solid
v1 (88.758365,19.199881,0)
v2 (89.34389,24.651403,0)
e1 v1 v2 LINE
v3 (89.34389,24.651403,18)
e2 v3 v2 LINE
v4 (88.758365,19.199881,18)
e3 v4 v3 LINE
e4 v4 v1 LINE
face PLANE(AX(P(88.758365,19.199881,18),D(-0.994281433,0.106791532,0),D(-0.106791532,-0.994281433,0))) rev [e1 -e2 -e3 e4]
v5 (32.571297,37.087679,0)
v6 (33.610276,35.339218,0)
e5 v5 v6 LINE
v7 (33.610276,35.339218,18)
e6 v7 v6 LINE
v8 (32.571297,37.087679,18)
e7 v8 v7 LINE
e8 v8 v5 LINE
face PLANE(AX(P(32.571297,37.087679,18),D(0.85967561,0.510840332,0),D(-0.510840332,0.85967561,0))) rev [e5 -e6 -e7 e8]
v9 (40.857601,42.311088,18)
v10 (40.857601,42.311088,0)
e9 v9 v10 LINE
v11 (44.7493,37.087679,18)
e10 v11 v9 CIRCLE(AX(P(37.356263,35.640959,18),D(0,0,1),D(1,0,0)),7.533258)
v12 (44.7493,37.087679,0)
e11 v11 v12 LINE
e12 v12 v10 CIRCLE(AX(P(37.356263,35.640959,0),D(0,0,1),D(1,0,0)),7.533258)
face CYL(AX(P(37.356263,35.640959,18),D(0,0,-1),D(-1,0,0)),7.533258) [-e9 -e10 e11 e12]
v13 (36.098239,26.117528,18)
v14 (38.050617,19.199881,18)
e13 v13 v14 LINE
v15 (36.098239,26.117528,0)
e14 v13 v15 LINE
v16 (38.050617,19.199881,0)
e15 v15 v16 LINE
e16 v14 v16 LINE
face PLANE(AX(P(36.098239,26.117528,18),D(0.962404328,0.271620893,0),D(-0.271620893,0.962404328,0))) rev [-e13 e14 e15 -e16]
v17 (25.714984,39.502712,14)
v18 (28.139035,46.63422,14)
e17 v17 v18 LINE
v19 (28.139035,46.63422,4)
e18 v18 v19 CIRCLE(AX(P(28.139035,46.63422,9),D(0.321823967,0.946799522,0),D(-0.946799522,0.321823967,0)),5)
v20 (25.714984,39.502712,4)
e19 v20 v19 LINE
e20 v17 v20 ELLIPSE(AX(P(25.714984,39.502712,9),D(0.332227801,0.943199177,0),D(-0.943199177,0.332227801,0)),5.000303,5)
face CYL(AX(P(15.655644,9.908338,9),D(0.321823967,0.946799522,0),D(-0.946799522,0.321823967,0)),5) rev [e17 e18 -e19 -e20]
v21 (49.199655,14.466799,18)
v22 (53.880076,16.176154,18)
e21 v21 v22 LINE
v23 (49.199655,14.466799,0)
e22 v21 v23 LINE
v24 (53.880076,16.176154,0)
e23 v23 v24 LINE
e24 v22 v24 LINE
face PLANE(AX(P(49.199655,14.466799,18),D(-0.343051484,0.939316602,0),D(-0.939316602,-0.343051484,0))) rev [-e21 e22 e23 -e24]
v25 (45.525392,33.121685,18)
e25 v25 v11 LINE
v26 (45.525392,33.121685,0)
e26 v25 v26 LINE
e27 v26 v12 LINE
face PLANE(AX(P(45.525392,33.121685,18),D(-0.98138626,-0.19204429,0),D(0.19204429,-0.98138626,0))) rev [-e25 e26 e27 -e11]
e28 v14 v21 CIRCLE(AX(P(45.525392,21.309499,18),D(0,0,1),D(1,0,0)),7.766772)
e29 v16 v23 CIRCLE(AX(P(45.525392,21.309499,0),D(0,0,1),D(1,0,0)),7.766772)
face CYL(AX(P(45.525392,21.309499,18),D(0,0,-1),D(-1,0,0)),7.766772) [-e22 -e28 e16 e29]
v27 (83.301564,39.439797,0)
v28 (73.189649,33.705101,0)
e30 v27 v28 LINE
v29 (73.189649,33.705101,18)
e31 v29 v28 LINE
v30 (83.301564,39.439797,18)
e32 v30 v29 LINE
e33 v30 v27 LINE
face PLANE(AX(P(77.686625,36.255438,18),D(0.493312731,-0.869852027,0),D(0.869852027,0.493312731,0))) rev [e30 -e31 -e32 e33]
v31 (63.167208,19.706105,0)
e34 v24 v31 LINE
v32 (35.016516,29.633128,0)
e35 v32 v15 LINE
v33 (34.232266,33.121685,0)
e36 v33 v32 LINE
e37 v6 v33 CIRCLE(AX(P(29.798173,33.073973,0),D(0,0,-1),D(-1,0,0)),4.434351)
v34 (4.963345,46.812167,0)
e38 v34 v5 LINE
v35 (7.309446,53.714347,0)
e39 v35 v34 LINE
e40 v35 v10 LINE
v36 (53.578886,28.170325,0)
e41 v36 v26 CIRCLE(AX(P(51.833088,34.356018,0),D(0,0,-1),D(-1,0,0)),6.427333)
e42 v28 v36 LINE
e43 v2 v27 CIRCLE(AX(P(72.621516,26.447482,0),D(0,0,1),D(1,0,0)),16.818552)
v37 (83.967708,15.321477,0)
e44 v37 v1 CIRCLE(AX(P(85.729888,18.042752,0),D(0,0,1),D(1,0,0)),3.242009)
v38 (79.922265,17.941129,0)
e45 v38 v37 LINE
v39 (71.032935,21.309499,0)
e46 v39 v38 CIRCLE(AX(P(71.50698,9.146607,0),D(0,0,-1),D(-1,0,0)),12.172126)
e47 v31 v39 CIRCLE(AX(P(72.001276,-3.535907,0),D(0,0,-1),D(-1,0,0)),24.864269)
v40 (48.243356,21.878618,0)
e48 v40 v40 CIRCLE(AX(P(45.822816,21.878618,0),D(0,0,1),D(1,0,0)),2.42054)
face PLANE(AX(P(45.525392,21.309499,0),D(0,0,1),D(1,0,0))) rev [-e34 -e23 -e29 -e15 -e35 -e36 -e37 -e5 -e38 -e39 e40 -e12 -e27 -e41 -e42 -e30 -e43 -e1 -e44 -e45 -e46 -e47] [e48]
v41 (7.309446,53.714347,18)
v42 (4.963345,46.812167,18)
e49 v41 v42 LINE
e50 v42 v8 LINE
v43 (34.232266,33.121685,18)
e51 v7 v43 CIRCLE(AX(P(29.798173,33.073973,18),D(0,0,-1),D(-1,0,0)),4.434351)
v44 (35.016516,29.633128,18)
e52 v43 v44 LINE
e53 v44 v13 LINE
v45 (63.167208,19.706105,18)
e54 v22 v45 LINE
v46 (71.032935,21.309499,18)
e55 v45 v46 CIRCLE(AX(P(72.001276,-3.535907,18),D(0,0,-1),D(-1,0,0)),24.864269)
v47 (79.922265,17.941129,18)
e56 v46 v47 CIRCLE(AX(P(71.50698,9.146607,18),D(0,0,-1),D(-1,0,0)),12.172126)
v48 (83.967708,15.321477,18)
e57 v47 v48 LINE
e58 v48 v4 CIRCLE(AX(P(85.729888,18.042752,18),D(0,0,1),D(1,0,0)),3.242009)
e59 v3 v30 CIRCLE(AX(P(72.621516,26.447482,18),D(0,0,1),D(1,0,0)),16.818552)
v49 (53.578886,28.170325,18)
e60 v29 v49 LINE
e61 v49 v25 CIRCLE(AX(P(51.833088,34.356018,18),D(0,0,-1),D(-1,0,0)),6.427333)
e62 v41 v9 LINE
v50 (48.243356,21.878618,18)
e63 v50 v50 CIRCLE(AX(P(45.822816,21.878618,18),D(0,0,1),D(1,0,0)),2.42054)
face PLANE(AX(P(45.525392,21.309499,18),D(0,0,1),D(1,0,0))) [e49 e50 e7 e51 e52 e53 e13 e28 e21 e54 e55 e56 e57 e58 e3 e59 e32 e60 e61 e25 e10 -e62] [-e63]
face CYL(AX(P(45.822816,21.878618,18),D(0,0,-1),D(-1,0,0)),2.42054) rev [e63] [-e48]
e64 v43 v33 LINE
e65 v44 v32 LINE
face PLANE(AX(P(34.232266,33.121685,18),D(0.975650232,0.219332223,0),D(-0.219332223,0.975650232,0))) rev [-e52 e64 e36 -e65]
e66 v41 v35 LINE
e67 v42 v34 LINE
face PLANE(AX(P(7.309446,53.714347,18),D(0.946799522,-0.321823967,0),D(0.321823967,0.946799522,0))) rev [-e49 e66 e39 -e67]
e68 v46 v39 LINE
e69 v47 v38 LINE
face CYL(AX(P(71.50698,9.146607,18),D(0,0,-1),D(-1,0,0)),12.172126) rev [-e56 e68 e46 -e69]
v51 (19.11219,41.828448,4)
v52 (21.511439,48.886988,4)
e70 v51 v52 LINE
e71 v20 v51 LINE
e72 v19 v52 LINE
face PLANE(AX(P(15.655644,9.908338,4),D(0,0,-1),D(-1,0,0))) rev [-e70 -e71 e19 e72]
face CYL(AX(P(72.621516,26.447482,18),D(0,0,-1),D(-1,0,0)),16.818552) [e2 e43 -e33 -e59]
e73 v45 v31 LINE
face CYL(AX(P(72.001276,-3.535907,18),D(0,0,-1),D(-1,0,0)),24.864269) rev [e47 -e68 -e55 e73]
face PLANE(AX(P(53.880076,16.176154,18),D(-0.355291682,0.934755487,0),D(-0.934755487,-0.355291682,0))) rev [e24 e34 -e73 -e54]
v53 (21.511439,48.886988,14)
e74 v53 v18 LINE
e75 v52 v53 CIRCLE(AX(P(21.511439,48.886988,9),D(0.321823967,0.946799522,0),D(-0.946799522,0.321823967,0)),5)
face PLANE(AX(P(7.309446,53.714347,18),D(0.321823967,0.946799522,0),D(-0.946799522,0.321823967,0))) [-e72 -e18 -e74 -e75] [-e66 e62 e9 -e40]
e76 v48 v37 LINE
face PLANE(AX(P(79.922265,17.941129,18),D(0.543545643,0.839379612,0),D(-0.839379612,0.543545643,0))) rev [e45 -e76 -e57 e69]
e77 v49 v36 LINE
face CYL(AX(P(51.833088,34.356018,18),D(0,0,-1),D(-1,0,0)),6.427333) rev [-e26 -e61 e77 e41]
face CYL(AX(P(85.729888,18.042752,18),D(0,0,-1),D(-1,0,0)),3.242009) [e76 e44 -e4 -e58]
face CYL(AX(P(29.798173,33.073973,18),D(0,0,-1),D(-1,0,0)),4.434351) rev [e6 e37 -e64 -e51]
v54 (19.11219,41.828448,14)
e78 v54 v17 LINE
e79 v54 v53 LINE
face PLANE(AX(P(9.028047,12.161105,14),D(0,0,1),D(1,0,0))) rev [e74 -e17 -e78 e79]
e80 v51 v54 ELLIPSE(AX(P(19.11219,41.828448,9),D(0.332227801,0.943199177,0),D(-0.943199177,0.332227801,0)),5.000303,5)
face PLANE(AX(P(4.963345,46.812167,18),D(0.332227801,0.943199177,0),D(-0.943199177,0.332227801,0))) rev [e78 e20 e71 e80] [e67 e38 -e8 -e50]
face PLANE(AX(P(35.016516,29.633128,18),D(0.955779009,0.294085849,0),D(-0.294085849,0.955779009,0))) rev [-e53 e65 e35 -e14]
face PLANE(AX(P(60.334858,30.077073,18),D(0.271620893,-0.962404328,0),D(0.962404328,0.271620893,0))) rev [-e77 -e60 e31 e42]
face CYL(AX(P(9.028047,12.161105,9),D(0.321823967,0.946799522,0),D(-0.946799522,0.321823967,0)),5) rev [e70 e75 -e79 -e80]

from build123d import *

# Parameters (mm, degrees)
ESQUISSE1_R             = 2.420540081
BOSS_EXTRU_1_DEPTH      = 18
ENL_V_MAT_EXTRU_1_DEPTH = 39.789502353


with BuildPart() as part:
    # Esquisse1 → Boss.-Extru.1 (new body)
    with BuildSketch(Plane.XY):
        with BuildLine():
            Line((7.309445695, 53.714347138), (40.857601275, 42.311087759))
            ThreePointArc((40.857601275, 42.311087759), (43.397194427, 40.141751778), (44.749299605, 37.087678504))
            Line((44.749299605, 37.087678504), (45.525391945, 33.121685243))
            ThreePointArc((45.525391945, 33.121685243), (48.466826033, 28.880719759), (53.578886424, 28.170324589))
            Line((53.578886424, 28.170324589), (60.334857797, 30.077073056))
            Line((60.334857797, 30.077073056), (73.18964939, 33.705101183))
            Line((73.18964939, 33.705101183), (77.686625145, 36.255437702))
            Line((77.686625145, 36.255437702), (83.301564432, 39.439796589))
            ThreePointArc((83.301564432, 39.439796589), (88.190630708, 32.808798216), (89.3438897, 24.651402666))
            Line((89.3438897, 24.651402666), (88.758364996, 19.199881093))
            ThreePointArc((88.758364996, 19.199881093), (87.769834705, 15.522983246), (83.96770833, 15.321476572))
            Line((83.96770833, 15.321476572), (79.922264923, 17.941129356))
            ThreePointArc((79.922264923, 17.941129356), (75.820018568, 20.528976888), (71.032935331, 21.309498572))
            ThreePointArc((71.032935331, 21.309498572), (67.034937106, 20.827330487), (63.167207989, 19.706104665))
            Line((63.167207989, 19.706104665), (53.880076109, 16.176154046))
            Line((53.880076109, 16.176154046), (49.199654782, 14.466799098))
            ThreePointArc((49.199654782, 14.466799098), (42.490348453, 14.160285015), (38.050617194, 19.199881093))
            Line((38.050617194, 19.199881093), (36.098238925, 26.117527504))
            Line((36.098238925, 26.117527504), (35.016515722, 29.633127914))
            Line((35.016515722, 29.633127914), (34.2322664, 33.121685243))
            ThreePointArc((34.2322664, 33.121685243), (34.067751372, 34.27153749), (33.610275558, 35.339217809))
            Line((33.610275558, 35.339217809), (32.57129733, 37.087678504))
            Line((32.57129733, 37.087678504), (4.96334494, 46.812166758))
            Line((4.96334494, 46.812166758), (7.309445695, 53.714347138))
        make_face()
        with Locations((45.822816194, 21.878618475)):
            Circle(ESQUISSE1_R, mode=Mode.SUBTRACT)
    extrude(amount=BOSS_EXTRU_1_DEPTH)

    # Esquisse2 → Enlèv. mat.-Extru.1 (cut, through all)
    with BuildSketch(Plane(origin=(17.123954965, 50.378324845, 0), x_dir=(0.946799522, -0.321823967, 0), z_dir=(0.321823967, 0.946799522, 0))):
        with BuildLine():
            Line((4.63401539, -14), (11.63401539, -14))
            ThreePointArc((11.63401539, -14), (16.63401539, -9), (11.63401539, -4))
            Line((11.63401539, -4), (4.63401539, -4))
            ThreePointArc((4.63401539, -4), (-0.36598461, -9), (4.63401539, -14))
        make_face()
    extrude(amount=-ENL_V_MAT_EXTRU_1_DEPTH, mode=Mode.SUBTRACT)


solid = part.part
